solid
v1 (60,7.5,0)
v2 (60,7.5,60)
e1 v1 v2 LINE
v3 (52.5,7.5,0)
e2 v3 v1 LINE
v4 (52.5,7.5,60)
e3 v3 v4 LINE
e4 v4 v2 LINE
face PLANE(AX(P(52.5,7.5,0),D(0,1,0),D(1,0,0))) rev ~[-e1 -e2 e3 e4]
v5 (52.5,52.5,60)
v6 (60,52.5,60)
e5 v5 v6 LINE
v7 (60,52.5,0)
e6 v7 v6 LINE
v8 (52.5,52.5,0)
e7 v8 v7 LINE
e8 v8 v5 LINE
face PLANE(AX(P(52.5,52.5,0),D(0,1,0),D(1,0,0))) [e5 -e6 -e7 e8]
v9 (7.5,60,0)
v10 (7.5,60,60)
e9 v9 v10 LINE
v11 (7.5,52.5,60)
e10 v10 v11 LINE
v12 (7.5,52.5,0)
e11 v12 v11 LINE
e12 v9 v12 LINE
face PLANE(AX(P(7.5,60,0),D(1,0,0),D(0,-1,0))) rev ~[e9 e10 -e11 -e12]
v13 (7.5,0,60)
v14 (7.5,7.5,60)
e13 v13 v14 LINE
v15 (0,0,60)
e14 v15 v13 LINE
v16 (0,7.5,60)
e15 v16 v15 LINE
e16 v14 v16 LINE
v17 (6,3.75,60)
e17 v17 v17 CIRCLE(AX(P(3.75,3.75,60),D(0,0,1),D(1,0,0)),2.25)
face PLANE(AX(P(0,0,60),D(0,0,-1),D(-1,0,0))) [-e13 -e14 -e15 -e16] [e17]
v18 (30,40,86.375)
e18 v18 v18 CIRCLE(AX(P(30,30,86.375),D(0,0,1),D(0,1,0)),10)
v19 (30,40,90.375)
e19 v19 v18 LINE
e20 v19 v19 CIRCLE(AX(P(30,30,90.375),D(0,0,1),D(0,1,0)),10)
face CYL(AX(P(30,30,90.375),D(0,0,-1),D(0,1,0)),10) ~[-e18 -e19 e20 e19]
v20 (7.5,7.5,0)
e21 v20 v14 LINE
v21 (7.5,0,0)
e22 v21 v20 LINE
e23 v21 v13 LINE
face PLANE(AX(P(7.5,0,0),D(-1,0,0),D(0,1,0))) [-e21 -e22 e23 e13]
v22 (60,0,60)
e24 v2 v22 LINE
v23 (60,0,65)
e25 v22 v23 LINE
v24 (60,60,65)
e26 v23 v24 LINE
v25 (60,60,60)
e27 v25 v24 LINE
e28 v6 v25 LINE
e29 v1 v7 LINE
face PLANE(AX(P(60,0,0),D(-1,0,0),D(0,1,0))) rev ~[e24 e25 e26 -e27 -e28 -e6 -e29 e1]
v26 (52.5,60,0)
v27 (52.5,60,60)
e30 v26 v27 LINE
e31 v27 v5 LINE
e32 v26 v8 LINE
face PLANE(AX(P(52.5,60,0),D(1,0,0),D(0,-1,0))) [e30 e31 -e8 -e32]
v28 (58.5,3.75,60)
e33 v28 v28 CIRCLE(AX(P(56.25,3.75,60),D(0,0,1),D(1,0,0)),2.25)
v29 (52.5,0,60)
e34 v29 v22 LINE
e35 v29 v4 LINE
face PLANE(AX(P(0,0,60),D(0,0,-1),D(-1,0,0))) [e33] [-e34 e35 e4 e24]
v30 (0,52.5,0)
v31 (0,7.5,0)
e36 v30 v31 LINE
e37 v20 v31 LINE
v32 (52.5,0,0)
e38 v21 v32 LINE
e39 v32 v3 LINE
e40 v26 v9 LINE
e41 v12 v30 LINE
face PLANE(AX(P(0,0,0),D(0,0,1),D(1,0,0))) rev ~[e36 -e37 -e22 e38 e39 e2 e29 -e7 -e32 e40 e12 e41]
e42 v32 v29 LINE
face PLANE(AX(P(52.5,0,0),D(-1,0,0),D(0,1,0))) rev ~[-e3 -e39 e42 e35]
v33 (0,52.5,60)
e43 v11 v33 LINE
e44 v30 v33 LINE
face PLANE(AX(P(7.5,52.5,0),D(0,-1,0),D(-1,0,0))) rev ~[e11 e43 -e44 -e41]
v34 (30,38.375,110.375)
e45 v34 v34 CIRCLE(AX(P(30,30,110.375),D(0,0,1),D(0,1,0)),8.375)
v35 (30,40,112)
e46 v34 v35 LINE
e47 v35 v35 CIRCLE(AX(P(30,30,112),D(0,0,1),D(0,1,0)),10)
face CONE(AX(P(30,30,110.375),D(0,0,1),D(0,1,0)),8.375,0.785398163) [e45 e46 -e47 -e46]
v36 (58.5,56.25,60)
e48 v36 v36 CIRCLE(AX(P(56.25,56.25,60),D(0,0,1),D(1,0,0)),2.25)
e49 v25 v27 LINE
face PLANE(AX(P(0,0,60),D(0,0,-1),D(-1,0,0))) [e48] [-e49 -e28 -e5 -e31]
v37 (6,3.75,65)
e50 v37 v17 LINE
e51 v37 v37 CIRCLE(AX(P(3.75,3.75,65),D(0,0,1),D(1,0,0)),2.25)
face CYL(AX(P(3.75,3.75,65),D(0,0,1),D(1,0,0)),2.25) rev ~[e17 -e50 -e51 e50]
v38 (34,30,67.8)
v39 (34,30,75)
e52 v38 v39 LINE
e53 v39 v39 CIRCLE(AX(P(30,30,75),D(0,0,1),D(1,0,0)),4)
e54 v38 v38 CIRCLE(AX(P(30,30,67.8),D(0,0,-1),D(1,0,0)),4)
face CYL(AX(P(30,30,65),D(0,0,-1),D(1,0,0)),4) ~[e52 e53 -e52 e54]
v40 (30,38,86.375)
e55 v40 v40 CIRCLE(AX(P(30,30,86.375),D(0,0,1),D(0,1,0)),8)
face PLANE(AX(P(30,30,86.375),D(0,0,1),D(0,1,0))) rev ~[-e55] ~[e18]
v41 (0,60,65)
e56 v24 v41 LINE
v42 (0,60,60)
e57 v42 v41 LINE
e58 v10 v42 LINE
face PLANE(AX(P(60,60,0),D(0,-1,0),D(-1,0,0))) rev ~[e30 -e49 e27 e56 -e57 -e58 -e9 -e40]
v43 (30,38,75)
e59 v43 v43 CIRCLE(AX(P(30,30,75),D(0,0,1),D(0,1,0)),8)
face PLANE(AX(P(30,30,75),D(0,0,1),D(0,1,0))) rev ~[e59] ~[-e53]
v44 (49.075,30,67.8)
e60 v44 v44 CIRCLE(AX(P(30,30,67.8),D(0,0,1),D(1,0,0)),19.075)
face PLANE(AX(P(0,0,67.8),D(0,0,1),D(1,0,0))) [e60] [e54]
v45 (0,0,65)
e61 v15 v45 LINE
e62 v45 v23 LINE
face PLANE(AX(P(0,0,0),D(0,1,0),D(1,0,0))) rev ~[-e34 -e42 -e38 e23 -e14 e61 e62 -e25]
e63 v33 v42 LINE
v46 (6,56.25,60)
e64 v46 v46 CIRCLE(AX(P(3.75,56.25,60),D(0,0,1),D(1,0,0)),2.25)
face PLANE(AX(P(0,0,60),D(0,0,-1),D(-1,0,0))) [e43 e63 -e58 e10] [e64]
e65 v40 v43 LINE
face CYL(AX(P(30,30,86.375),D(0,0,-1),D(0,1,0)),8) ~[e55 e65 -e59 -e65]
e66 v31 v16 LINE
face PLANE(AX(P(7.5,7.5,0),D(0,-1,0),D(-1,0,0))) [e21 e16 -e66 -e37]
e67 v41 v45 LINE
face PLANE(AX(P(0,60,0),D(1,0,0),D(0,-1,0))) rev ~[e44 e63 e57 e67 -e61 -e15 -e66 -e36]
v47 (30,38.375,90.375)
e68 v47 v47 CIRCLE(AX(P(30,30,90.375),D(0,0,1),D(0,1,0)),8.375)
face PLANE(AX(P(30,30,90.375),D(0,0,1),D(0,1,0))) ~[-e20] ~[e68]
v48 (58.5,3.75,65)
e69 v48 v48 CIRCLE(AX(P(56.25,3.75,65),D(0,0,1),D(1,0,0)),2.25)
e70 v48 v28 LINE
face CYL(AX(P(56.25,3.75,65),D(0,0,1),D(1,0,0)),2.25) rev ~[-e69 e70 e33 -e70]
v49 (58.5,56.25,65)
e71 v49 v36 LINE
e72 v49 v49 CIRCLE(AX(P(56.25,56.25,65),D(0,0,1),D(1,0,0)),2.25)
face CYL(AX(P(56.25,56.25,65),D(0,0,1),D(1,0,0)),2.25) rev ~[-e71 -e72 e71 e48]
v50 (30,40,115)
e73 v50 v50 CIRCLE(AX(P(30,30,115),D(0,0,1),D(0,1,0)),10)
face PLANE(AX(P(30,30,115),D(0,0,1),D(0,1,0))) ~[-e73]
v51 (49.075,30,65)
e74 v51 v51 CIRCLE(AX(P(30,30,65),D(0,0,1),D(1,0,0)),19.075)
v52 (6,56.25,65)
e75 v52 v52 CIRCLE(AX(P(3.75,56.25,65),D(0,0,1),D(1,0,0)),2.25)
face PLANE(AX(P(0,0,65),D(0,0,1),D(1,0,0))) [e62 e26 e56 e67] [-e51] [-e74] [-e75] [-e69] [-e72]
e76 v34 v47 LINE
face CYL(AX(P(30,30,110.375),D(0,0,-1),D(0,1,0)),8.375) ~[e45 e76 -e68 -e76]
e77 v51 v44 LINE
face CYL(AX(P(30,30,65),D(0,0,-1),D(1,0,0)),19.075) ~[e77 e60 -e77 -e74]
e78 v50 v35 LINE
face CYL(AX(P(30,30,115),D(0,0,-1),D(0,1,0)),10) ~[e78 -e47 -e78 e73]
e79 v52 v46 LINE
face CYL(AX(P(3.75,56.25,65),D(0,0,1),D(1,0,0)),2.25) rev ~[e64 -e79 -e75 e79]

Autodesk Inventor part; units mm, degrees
ref_plane "XZ Plane" through (0, 0, 0) normal (0, 1, 0) x (-1, 0, 0)
ref_plane "XY Plane" through (0, 0, 0) normal (0, 0, 1) x (1, 0, 0)
sketch "Skizze1" plane through (0, 0, 0) normal (0, 0, 1) x (1, 0, 0)
  line L0 (0, 0) -> (60, 0)
  line L1 (60, 0) -> (60, 60)
  line L2 (60, 60) -> (0, 60)
  line L3 (0, 60) -> (0, 0)
  dimension "d0" = 60
  dimension "d1" = 60
extrude "Extrusion1" add sketch "Skizze1" along normal blind 65
sketch "Skizze2" plane through (0, 0, 65) normal (0, 0, 1) x (1, 0, 0)
  circle A0 centre (30, 30) radius 4
  line L0 (0, 0) -> (60, 0) projected
  line L1 (0, 60) -> (0, 0) projected
  dimension "d4" = 8
  dimension "d10" = 30
  dimension "d11" = 30
extrude "Extrusion2" add sketch "Skizze2" along normal blind 10
ref_plane "Arbeitsebene1" through (30, 0, 0) normal (1, 0, 0) x (0, 1, 0)
sketch "Skizze5" plane through (30, 0, 0) normal (1, 0, 0) x (0, 1, 0)
  line L0 (34, 75) -> (26, 75) projected
  line L1 (30, 75) -> (30, 115)
  line L2 (30, 115) -> (40, 115)
  line L3 (40, 115) -> (40, 112)
  line L4 (38.375, 110.375) -> (40, 112)
  line L5 (38.375, 110.375) -> (38.375, 90.375)
  line L6 (38.375, 90.375) -> (40, 90.375)
  line L7 (40, 90.375) -> (40, 86.375)
  line L8 (40, 86.375) -> (38, 86.375)
  line L9 (38, 86.375) -> (38, 75)
  line L10 (38, 75) -> (30, 75)
  point P0 (0, 0)
  dimension "d25" = 40
  dimension "d26" = 10
  dimension "d27" = 3
  dimension "d30" = 1.625
  dimension "d31" = 135
  dimension "d32" = 20
  dimension "d33" = 4
  dimension "d34" = 2
revolve "Umdrehung1" add sketch "Skizze5" angle 360 about axis through (30, 30, 75) along (0, 0, 1)
sketch "Skizze6" plane through (0, 0, 0) normal (0, 0, -1) x (-1, 0, 0)
  line L0 (0, 0) -> (-60, 0) projected
  line L1 (0, 0) -> (-7.5, 0)
  line L2 (-7.5, 0) -> (-7.5, 7.5)
  line L3 (-7.5, 7.5) -> (0, 7.5)
  line L4 (0, 7.5) -> (0, 0)
  line L5 (-60, 0) -> (-52.5, 0)
  line L6 (-52.5, 0) -> (-52.5, 7.5)
  line L7 (-52.5, 7.5) -> (-60, 7.5)
  line L8 (-60, 7.5) -> (-60, 0)
  line L9 (-60, 60) -> (0, 60) projected
  line L10 (-60, 60) -> (-52.5, 60)
  line L11 (-52.5, 60) -> (-52.5, 52.5)
  line L12 (-52.5, 52.5) -> (-60, 52.5)
  line L13 (-60, 52.5) -> (-60, 60)
  line L14 (0, 60) -> (-7.5, 60)
  line L15 (-7.5, 60) -> (-7.5, 52.5)
  line L16 (-7.5, 52.5) -> (0, 52.5)
  line L17 (0, 52.5) -> (0, 60)
  dimension "d36" = 7.5
  dimension "d37" = 7.5
  dimension "d38" = 7.5
  dimension "d39" = 7.5
  dimension "d40" = 7.5
  dimension "d41" = 7.5
  dimension "d42" = 7.5
  dimension "d43" = 7.5
extrude "Extrusion4" cut sketch "Skizze6" against normal blind 60
sketch "Skizze7" plane through (0, 0, 65) normal (0, 0, 1) x (1, 0, 0)
  circle A0 centre (3.75, 3.75) radius 2.25
  circle A1 centre (56.25, 3.75) radius 2.25
  circle A2 centre (56.25, 56.25) radius 2.25
  circle A3 centre (3.75, 56.25) radius 2.25
  point P0 (0, 0)
  dimension "d46" = 4.5
  dimension "d47" = 4.5
  dimension "d48" = 4.5
  dimension "d49" = 4.5
extrude "Extrusion5" cut sketch "Skizze7" against normal blind 5
sketch "Skizze8" plane through (0, 0, 65) normal (0, 0, 1) x (1, 0, 0)
  circle A0 centre (30, 30) radius 8 projected
  circle A1 centre (30, 30) radius 19.075
  point P0 (0, 0)
  dimension "d52" = 38.15
extrude "Extrusion6" add sketch "Skizze8" along normal blind 2.8 contours A0 | A1
properties part number "Motor"
